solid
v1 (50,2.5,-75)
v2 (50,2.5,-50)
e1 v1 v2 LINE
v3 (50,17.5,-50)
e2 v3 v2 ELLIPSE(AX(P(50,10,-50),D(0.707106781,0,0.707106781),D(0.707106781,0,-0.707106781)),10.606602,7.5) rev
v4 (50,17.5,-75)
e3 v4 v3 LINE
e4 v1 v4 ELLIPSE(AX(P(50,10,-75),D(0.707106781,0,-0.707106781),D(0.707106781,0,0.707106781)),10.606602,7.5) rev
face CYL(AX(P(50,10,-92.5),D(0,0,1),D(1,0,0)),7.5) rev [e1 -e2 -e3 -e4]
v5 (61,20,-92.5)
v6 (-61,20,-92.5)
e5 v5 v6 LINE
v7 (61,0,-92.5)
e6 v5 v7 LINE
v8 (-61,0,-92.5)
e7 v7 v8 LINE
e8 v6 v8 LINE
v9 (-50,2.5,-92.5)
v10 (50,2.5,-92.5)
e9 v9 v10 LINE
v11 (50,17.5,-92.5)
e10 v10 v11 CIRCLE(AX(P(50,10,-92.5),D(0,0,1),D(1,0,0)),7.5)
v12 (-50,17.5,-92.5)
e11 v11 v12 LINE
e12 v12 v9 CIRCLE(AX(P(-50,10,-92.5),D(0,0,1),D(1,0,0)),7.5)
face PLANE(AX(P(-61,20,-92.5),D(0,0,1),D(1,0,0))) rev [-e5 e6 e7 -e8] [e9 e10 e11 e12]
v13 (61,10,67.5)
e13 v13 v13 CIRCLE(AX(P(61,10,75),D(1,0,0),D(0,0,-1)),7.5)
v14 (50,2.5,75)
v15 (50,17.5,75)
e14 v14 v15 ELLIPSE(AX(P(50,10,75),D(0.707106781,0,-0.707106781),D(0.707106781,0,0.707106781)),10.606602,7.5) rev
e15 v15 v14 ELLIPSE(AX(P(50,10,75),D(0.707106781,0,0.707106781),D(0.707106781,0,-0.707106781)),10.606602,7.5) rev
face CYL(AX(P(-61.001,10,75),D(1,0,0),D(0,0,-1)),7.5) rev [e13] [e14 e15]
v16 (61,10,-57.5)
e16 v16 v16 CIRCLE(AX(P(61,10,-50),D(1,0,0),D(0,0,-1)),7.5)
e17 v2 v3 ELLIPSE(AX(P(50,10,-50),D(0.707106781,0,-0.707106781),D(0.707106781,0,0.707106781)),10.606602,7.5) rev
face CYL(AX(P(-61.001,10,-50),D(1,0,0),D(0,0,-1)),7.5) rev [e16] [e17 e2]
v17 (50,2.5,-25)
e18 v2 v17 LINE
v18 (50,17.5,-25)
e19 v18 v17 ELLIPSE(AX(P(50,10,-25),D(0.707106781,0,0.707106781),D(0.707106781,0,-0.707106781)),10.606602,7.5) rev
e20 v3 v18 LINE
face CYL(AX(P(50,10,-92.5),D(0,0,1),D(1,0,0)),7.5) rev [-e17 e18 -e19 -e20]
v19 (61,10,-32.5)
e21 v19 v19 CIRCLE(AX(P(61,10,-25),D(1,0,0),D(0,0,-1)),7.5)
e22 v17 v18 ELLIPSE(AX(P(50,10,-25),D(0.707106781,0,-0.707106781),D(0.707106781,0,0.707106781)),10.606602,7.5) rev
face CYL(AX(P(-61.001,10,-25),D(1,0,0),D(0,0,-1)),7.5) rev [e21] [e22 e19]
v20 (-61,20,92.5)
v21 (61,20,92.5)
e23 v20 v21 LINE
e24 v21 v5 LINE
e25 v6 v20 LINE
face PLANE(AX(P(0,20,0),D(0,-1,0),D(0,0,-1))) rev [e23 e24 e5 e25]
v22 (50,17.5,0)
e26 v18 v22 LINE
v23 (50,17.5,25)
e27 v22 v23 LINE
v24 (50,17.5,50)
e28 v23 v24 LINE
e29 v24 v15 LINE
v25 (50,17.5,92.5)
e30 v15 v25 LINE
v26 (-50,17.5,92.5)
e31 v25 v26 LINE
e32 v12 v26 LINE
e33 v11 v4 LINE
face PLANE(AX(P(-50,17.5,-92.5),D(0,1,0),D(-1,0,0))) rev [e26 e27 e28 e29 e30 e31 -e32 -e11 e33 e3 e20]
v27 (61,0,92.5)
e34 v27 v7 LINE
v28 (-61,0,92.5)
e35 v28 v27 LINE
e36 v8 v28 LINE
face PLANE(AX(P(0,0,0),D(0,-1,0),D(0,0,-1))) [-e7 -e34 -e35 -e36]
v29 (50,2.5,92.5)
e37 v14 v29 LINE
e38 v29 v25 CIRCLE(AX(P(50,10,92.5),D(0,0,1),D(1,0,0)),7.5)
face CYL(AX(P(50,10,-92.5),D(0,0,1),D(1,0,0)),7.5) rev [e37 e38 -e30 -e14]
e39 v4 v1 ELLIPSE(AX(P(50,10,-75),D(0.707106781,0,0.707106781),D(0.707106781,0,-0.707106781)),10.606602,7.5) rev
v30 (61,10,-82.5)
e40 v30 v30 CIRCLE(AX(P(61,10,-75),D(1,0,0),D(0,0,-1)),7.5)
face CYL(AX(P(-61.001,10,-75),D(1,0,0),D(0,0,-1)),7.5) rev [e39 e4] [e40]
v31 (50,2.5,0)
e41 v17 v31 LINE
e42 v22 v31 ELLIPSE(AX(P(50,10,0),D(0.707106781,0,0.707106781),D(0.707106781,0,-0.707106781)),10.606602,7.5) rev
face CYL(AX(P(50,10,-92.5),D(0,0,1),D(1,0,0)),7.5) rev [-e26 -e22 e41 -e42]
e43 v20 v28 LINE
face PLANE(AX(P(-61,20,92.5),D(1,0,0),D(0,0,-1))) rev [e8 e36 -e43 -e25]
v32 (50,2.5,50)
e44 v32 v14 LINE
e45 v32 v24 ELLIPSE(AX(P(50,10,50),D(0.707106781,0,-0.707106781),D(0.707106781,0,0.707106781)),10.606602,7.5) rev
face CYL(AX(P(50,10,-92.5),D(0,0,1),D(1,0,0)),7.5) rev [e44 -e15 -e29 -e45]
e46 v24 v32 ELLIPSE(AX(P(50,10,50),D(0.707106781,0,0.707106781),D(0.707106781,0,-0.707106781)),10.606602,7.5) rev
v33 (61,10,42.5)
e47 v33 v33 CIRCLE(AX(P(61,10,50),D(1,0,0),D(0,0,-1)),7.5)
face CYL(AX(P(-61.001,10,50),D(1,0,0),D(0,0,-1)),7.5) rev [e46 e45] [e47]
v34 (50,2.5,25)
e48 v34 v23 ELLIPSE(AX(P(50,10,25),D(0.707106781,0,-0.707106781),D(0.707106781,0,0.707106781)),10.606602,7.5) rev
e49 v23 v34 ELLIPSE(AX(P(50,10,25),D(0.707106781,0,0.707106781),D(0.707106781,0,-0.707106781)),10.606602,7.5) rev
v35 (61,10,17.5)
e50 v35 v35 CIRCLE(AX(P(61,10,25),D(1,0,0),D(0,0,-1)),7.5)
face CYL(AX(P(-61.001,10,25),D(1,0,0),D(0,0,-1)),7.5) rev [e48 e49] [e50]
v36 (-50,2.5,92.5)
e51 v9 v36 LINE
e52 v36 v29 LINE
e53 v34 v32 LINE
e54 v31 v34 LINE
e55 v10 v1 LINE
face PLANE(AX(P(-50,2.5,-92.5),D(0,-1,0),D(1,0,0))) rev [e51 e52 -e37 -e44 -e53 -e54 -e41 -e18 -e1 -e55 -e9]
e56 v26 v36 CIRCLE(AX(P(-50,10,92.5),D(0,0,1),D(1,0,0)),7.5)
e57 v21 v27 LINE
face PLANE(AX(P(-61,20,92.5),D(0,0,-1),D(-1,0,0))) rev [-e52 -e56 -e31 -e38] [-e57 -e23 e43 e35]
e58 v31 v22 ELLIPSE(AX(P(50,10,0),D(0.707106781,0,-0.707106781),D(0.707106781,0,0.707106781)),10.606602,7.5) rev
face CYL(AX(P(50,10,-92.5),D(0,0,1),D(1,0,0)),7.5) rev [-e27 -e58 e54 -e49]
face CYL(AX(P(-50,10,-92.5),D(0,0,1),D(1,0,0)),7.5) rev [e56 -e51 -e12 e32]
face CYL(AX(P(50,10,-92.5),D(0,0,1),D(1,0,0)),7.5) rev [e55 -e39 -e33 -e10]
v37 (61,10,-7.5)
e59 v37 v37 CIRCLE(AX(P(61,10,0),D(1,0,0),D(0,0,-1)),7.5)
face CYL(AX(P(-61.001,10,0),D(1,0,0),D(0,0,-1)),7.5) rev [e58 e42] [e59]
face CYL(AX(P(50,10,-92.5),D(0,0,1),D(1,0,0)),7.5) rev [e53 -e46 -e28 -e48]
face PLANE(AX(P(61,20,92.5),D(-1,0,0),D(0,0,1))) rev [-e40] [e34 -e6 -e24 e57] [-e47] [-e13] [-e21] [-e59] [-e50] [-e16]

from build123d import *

# Parameters (mm, degrees)
SKETCH1_W               = 122
SKETCH1_H               = 185
BOSS_EXTRUDE1_DEPTH     = 20
CUT_EXTRUDE1_DEPTH      = 196.821347151
CUT_EXTRUDE2_REACH      = 156.403
CUT_EXTRUDE2_END_RADIUS = 7.5
SKETCH2_R               = 7.5


with BuildPart() as part:
    # Sketch1 → Boss-Extrude1 (new body)
    with BuildSketch(Plane(origin=(0, 0, 0), x_dir=(1, 0, 0), z_dir=(0, 1, 0))):
        Rectangle(SKETCH1_W, SKETCH1_H)
    extrude(amount=BOSS_EXTRUDE1_DEPTH)

    # Sketch3 → Cut-Extrude1 (cut, through all)
    with BuildSketch(Plane.XY.offset(92.5)):
        with BuildLine():
            Line((-50, 17.5), (50, 17.5))
            ThreePointArc((50, 17.5), (57.5, 10), (50, 2.5))
            Line((50, 2.5), (-50, 2.5))
            ThreePointArc((-50, 2.5), (-57.5, 10), (-50, 17.5))
        make_face()
    extrude(amount=-CUT_EXTRUDE1_DEPTH, mode=Mode.SUBTRACT)

    # Cut-Extrude2: up to this cylinder (the profile starts outside it)
    cut_extrude2_end = Plane(origin=(50, 10, 0), z_dir=(0, 0, 1)) * Cylinder(CUT_EXTRUDE2_END_RADIUS, 478.806, mode=Mode.PRIVATE)
    # Sketch2 → Cut-Extrude2 (cut, up to the surface)
    with BuildSketch(Plane(origin=(61, 0, 0), x_dir=(0, 0, -1), z_dir=(1, 0, 0)), mode=Mode.PRIVATE) as cut_extrude2_sk1:
        with Locations((-75, 10)):
            Circle(SKETCH2_R)
    cut_extrude2_tool1 = extrude(cut_extrude2_sk1.sketch, amount=-CUT_EXTRUDE2_REACH, mode=Mode.PRIVATE) - cut_extrude2_end
    add(cut_extrude2_tool1.solids().sort_by_distance((61, 10, 75))[0], mode=Mode.SUBTRACT)
    # Sketch2 → Cut-Extrude2 (cut, up to the surface)
    with BuildSketch(Plane(origin=(61, 0, 0), x_dir=(0, 0, -1), z_dir=(1, 0, 0)), mode=Mode.PRIVATE) as cut_extrude2_sk2:
        with Locations((-50, 10)):
            Circle(SKETCH2_R)
    cut_extrude2_tool2 = extrude(cut_extrude2_sk2.sketch, amount=-CUT_EXTRUDE2_REACH, mode=Mode.PRIVATE) - cut_extrude2_end
    add(cut_extrude2_tool2.solids().sort_by_distance((61, 10, 50))[0], mode=Mode.SUBTRACT)
    # Sketch2 → Cut-Extrude2 (cut, up to the surface)
    with BuildSketch(Plane(origin=(61, 0, 0), x_dir=(0, 0, -1), z_dir=(1, 0, 0)), mode=Mode.PRIVATE) as cut_extrude2_sk3:
        with Locations((-25, 10)):
            Circle(SKETCH2_R)
    cut_extrude2_tool3 = extrude(cut_extrude2_sk3.sketch, amount=-CUT_EXTRUDE2_REACH, mode=Mode.PRIVATE) - cut_extrude2_end
    add(cut_extrude2_tool3.solids().sort_by_distance((61, 10, 25))[0], mode=Mode.SUBTRACT)
    # Sketch2 → Cut-Extrude2 (cut, up to the surface)
    with BuildSketch(Plane(origin=(61, 0, 0), x_dir=(0, 0, -1), z_dir=(1, 0, 0)), mode=Mode.PRIVATE) as cut_extrude2_sk4:
        with Locations((0, 10)):
            Circle(SKETCH2_R)
    cut_extrude2_tool4 = extrude(cut_extrude2_sk4.sketch, amount=-CUT_EXTRUDE2_REACH, mode=Mode.PRIVATE) - cut_extrude2_end
    add(cut_extrude2_tool4.solids().sort_by_distance((61, 10, 0))[0], mode=Mode.SUBTRACT)
    # Sketch2 → Cut-Extrude2 (cut, up to the surface)
    with BuildSketch(Plane(origin=(61, 0, 0), x_dir=(0, 0, -1), z_dir=(1, 0, 0)), mode=Mode.PRIVATE) as cut_extrude2_sk5:
        with Locations((25, 10)):
            Circle(SKETCH2_R)
    cut_extrude2_tool5 = extrude(cut_extrude2_sk5.sketch, amount=-CUT_EXTRUDE2_REACH, mode=Mode.PRIVATE) - cut_extrude2_end
    add(cut_extrude2_tool5.solids().sort_by_distance((61, 10, -25))[0], mode=Mode.SUBTRACT)
    # Sketch2 → Cut-Extrude2 (cut, up to the surface)
    with BuildSketch(Plane(origin=(61, 0, 0), x_dir=(0, 0, -1), z_dir=(1, 0, 0)), mode=Mode.PRIVATE) as cut_extrude2_sk6:
        with Locations((50, 10)):
            Circle(SKETCH2_R)
    cut_extrude2_tool6 = extrude(cut_extrude2_sk6.sketch, amount=-CUT_EXTRUDE2_REACH, mode=Mode.PRIVATE) - cut_extrude2_end
    add(cut_extrude2_tool6.solids().sort_by_distance((61, 10, -50))[0], mode=Mode.SUBTRACT)
    # Sketch2 → Cut-Extrude2 (cut, up to the surface)
    with BuildSketch(Plane(origin=(61, 0, 0), x_dir=(0, 0, -1), z_dir=(1, 0, 0)), mode=Mode.PRIVATE) as cut_extrude2_sk7:
        with Locations((75, 10)):
            Circle(SKETCH2_R)
    cut_extrude2_tool7 = extrude(cut_extrude2_sk7.sketch, amount=-CUT_EXTRUDE2_REACH, mode=Mode.PRIVATE) - cut_extrude2_end
    add(cut_extrude2_tool7.solids().sort_by_distance((61, 10, -75))[0], mode=Mode.SUBTRACT)


solid = part.part
